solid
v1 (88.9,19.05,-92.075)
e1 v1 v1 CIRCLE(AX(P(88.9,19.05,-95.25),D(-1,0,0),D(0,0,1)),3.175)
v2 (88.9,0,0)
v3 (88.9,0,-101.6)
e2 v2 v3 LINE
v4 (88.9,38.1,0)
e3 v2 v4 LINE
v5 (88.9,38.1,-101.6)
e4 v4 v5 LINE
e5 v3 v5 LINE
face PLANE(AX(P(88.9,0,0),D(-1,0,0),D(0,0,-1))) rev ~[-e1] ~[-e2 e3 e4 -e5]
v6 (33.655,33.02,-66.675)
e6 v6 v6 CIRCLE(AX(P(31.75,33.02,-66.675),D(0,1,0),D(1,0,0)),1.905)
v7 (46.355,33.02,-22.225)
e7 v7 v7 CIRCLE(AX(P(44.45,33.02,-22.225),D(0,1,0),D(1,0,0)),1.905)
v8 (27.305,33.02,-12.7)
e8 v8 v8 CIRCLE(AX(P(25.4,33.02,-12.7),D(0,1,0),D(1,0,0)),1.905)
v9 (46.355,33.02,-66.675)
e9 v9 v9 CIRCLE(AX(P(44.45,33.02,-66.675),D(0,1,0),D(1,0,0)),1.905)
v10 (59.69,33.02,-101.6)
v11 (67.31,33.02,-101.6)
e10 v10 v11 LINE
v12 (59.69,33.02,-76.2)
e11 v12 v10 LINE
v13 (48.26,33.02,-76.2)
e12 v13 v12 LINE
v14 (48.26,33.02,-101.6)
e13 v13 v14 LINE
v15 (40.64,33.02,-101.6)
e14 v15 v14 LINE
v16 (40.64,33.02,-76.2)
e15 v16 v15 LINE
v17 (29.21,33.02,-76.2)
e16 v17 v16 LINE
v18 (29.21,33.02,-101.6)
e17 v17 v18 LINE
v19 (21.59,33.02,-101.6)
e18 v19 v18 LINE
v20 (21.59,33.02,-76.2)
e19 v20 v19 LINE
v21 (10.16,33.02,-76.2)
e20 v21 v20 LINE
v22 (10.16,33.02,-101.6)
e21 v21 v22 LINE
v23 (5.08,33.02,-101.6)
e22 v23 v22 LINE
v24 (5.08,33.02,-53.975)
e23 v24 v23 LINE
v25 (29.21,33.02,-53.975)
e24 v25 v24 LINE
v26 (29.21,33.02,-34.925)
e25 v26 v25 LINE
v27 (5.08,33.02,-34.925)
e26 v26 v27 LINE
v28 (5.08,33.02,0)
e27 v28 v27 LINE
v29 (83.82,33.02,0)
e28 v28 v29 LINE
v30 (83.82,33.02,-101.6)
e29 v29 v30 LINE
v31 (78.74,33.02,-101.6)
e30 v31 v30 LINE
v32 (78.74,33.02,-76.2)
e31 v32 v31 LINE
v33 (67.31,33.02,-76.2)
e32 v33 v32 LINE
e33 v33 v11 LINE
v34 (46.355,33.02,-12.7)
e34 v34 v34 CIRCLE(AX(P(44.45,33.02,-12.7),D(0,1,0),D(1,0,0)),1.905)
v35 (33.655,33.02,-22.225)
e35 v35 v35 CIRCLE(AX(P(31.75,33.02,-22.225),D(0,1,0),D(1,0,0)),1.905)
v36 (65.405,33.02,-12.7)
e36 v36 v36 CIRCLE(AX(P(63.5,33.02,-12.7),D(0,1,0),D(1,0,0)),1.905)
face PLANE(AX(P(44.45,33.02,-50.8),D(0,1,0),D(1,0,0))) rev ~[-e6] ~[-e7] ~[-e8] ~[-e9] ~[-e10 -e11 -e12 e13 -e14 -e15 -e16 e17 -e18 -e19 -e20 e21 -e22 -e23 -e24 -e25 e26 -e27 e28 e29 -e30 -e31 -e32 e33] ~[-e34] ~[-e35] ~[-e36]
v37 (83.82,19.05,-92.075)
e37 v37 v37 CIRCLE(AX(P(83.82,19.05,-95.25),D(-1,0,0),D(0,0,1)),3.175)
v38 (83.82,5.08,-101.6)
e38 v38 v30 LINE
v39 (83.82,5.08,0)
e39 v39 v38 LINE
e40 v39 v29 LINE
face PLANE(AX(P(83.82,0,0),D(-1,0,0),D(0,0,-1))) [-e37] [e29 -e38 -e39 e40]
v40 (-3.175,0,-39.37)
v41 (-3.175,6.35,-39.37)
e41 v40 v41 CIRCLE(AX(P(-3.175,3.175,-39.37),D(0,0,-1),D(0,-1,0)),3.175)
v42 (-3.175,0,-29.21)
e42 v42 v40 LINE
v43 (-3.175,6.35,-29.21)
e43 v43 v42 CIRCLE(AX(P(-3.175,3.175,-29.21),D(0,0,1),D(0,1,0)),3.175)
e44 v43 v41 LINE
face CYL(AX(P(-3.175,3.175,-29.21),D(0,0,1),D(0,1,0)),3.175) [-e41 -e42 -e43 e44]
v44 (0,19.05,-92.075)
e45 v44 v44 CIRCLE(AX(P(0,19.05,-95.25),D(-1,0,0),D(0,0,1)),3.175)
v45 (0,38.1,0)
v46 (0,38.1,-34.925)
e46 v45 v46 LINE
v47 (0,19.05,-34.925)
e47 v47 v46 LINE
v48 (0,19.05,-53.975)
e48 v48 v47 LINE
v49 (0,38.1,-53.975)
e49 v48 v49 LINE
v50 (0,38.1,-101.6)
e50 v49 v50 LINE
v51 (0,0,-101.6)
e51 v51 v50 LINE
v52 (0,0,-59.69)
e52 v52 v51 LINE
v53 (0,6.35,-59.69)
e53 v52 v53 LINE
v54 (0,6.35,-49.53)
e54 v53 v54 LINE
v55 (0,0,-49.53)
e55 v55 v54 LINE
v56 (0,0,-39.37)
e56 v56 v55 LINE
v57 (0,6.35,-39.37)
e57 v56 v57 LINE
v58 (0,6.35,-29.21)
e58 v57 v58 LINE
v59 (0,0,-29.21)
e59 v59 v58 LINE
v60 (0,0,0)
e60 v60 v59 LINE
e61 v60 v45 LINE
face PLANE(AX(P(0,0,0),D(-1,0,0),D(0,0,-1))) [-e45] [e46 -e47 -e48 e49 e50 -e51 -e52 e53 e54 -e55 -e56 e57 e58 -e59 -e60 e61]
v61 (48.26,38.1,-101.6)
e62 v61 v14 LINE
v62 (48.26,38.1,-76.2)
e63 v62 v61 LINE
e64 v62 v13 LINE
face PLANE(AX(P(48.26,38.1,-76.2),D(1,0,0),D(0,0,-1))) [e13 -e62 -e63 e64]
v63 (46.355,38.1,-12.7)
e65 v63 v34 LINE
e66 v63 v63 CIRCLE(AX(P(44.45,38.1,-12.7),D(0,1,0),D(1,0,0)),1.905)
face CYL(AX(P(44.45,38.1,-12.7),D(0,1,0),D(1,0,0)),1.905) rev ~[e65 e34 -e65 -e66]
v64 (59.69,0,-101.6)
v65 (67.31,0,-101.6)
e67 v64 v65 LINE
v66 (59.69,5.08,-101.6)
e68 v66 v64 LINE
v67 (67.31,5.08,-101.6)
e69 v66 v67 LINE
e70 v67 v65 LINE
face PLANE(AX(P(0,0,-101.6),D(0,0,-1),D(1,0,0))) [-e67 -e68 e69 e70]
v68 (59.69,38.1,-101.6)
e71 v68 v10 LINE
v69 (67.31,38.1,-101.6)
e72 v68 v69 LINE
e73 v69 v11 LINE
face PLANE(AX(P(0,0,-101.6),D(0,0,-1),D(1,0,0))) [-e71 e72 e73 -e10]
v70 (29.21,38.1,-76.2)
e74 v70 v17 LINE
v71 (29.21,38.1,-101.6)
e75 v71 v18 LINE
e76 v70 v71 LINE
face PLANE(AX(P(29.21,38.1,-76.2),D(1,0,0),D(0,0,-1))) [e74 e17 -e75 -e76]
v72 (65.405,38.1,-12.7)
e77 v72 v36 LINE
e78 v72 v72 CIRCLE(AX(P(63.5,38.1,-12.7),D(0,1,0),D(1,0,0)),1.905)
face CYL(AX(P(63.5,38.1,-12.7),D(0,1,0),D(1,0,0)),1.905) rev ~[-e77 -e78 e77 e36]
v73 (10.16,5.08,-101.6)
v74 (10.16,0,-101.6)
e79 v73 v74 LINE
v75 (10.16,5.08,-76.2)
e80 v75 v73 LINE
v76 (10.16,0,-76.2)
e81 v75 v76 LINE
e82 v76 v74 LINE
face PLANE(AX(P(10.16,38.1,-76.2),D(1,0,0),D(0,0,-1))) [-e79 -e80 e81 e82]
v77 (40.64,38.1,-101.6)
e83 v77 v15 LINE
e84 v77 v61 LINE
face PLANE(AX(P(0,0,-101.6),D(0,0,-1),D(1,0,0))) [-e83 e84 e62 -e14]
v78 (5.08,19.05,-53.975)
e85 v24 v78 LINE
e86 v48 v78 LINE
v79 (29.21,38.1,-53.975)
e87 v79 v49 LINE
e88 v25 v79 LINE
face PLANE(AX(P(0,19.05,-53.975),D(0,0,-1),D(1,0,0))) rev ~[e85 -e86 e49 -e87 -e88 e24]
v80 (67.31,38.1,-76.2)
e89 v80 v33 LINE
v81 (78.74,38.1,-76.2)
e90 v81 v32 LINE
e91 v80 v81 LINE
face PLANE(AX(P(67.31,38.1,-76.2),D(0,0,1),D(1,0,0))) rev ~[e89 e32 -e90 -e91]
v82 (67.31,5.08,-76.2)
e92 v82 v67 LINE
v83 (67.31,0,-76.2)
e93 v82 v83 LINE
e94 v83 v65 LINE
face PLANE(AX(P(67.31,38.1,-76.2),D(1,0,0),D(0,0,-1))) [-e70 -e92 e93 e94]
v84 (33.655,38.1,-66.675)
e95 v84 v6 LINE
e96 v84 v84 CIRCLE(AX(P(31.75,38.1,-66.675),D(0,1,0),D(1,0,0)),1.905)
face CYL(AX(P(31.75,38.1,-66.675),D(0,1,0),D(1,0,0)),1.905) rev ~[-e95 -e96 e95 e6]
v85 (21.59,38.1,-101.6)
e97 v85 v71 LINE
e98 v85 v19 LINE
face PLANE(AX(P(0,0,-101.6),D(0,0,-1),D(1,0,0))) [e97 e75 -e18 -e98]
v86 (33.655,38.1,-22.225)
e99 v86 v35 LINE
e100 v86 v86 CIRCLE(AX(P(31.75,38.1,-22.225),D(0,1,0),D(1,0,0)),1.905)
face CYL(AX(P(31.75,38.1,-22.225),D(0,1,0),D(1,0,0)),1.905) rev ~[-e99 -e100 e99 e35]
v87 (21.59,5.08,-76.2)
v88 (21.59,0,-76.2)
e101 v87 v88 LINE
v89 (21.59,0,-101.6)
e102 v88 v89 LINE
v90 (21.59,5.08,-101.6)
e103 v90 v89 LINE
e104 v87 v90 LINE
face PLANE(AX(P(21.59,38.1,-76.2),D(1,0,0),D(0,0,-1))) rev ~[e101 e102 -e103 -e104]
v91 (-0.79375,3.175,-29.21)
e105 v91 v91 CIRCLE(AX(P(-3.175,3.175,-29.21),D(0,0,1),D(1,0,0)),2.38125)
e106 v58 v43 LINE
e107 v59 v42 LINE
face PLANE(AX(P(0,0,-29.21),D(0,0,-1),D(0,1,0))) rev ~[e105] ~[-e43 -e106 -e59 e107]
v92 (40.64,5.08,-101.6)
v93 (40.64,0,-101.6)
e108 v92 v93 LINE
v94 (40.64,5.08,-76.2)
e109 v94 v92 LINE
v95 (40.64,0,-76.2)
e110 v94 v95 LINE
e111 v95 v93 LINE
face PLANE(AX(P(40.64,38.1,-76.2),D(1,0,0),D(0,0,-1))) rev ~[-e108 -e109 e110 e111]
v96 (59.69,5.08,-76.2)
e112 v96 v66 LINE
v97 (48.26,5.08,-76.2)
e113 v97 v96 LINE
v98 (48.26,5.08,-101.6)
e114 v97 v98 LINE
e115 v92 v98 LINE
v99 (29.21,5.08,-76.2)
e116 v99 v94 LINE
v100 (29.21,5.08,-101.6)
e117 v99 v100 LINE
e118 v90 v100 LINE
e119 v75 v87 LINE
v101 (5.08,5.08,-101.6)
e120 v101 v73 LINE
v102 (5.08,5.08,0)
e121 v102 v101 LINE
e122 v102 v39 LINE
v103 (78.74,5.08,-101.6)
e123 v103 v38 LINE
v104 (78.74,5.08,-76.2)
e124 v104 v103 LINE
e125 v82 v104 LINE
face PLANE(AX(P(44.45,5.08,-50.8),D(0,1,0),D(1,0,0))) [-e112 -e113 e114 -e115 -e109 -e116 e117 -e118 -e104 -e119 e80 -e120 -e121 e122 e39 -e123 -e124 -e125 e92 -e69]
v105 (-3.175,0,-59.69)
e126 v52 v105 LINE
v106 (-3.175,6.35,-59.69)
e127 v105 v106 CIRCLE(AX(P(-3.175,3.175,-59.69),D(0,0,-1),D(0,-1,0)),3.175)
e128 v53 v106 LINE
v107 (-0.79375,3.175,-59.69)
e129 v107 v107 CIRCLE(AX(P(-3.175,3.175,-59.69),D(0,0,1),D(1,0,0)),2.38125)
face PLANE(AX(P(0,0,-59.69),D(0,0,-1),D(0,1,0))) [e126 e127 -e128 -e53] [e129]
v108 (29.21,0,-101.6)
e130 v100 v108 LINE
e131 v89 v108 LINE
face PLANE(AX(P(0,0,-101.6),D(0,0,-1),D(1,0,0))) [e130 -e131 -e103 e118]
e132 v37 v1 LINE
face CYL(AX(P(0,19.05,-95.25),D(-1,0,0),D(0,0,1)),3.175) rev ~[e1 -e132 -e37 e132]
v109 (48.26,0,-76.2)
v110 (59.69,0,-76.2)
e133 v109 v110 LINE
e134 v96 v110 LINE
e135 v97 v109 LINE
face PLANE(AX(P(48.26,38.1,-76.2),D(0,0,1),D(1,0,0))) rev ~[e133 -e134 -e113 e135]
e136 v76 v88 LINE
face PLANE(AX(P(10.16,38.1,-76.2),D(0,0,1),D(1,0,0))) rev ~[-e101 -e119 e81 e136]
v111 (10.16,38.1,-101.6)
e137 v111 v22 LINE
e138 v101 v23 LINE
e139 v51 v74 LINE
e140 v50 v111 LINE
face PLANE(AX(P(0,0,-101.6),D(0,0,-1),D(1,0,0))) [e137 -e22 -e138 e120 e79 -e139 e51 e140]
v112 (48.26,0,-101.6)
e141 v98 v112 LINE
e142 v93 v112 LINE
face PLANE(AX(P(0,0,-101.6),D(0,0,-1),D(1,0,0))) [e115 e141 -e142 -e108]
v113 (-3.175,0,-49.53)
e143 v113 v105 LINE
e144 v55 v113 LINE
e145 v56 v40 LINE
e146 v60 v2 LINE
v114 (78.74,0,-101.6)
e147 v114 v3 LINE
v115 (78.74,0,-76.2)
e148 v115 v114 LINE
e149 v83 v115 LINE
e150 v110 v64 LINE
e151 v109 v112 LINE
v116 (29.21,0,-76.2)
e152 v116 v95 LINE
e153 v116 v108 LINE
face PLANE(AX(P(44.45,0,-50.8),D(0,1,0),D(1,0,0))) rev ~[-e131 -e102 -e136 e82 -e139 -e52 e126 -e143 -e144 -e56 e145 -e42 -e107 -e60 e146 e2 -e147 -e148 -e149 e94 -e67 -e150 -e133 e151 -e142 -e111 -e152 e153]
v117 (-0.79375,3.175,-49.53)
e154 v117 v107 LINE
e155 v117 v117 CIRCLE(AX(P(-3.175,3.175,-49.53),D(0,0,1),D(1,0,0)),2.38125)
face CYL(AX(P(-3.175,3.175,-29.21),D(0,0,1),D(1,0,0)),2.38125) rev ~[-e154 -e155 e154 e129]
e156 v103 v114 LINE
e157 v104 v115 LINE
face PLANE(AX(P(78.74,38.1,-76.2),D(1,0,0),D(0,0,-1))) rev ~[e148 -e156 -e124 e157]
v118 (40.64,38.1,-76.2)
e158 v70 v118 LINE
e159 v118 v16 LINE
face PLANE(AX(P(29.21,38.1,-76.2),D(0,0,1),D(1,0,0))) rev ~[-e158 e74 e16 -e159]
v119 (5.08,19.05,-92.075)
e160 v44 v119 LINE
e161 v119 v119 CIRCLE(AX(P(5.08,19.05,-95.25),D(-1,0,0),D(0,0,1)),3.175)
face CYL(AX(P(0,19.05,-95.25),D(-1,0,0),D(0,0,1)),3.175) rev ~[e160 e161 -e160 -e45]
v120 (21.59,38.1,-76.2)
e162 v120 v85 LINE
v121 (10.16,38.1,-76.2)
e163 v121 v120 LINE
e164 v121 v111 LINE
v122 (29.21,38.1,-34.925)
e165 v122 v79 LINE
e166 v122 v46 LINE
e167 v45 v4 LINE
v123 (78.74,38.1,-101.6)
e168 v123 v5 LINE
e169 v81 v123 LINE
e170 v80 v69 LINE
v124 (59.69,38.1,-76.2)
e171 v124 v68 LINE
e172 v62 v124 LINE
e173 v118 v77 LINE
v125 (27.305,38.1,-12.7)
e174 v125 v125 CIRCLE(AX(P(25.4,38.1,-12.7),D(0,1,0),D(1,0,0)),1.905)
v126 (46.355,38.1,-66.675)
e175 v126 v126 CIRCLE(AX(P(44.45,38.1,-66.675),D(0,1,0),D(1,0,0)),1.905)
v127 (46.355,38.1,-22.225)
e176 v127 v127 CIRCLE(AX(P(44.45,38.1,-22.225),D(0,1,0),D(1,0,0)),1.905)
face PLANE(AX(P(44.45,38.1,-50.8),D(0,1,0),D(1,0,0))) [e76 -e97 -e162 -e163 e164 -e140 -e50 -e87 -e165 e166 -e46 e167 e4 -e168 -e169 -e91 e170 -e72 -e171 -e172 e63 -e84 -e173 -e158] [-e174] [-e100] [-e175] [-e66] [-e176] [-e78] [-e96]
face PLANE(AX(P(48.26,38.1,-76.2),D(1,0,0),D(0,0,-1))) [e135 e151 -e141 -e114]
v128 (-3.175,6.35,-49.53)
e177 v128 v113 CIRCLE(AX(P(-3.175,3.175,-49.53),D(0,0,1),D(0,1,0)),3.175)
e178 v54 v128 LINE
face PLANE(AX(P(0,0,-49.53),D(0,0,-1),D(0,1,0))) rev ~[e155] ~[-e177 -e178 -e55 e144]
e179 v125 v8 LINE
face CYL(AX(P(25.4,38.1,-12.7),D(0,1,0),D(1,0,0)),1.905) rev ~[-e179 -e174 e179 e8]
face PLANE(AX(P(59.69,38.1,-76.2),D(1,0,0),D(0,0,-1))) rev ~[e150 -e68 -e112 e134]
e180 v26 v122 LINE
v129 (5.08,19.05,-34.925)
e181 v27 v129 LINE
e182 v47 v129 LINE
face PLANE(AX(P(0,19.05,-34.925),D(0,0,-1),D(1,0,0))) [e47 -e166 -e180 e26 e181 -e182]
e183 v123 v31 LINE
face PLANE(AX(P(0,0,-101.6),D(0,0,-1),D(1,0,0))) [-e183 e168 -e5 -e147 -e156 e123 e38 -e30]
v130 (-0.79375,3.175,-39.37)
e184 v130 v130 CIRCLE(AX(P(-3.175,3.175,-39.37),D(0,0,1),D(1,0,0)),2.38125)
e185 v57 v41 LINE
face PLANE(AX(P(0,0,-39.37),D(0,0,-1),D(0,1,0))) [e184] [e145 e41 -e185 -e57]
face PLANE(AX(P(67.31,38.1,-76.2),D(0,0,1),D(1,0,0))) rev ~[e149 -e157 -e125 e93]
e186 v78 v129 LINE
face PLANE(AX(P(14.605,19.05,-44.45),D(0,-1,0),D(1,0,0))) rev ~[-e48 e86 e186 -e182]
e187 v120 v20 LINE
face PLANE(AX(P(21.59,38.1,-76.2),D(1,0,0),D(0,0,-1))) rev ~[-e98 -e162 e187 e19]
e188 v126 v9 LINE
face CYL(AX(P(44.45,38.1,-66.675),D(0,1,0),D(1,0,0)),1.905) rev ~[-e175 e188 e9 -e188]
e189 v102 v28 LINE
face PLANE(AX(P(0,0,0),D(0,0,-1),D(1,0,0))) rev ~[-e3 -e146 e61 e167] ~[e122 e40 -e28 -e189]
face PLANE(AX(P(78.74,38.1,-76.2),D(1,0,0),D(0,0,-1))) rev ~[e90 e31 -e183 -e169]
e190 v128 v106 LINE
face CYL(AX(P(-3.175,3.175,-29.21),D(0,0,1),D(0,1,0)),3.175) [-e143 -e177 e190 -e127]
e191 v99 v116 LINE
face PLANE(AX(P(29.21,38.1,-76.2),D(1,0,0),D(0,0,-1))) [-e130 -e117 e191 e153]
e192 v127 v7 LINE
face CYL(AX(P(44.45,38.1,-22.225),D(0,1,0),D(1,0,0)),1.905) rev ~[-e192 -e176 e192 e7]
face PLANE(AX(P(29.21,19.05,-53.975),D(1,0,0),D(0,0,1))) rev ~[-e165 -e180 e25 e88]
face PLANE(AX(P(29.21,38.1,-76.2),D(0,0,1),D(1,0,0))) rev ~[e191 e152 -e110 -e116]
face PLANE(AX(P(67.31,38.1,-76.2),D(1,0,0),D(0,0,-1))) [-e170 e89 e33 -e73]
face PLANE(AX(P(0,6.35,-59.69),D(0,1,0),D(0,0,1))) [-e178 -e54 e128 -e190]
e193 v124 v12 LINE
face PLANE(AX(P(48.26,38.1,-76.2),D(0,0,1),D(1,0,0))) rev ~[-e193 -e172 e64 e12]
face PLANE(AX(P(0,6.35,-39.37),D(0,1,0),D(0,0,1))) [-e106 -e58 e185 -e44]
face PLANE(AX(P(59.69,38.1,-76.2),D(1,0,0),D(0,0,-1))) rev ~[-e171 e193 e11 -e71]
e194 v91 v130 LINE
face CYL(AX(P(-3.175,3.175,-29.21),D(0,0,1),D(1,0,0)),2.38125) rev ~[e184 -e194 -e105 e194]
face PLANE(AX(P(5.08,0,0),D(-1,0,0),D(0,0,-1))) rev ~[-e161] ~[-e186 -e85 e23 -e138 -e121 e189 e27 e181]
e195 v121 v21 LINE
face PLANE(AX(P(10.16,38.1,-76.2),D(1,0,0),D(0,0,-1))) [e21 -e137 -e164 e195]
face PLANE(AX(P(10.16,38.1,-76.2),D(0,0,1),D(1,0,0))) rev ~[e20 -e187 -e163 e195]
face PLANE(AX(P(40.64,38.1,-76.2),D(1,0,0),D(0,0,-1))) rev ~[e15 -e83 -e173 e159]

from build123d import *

# Parameters (mm, degrees)
SKETCH1_W               = 88.9
SKETCH1_H               = 101.6
BOSS_EXTRUDE1_DEPTH     = 38.1
SHELL1_T                = -5.08
CUT_EXTRUDE3_START      = -19.05
SKETCH4_W               = 29.21
SKETCH4_H               = 19.05
CUT_EXTRUDE3_DEPTH      = 20.05
SKETCH5_W               = 11.43
SKETCH5_H               = 25.4
CUT_EXTRUDE4_DEPTH      = 39.1
SKETCH6_R               = 3.175
CUT_EXTRUDE5_DEPTH      = 4.2672
CUT_EXTRUDE5_DEPTH_BACK = 89.9
CUT_EXTRUDE6_REACH      = 40.1
SKETCH7_R               = 1.905
SKETCH9_W               = 10.16
SKETCH9_H               = 6.35
BOSS_EXTRUDE2_DEPTH     = 6.35
SKETCH10_R              = 2.38125
CUT_EXTRUDE7_DEPTH      = 30.48


with BuildPart() as part:
    # Sketch1 → Boss-Extrude1 (new body)
    with BuildSketch(Plane(origin=(0, 0, 0), x_dir=(1, 0, 0), z_dir=(0, 1, 0))):
        with Locations((44.45, 50.8)):
            Rectangle(SKETCH1_W, SKETCH1_H)
    extrude(amount=BOSS_EXTRUDE1_DEPTH)

    # Shell1
    shell1_openings = [part.faces().sort_by_distance(p)[0] for p in [
        (44.45, 19.05, 0),
        (44.45, 19.05, -101.6),
    ]]
    offset(amount=SHELL1_T, openings=shell1_openings, kind=Kind.INTERSECTION)

    # Sketch4 → Cut-Extrude3 (cut, through all)
    with BuildSketch(Plane.XZ.offset(CUT_EXTRUDE3_START)):
        with Locations((14.605, -44.45)):
            Rectangle(SKETCH4_W, SKETCH4_H)
    extrude(amount=-CUT_EXTRUDE3_DEPTH, mode=Mode.SUBTRACT)

    # Sketch5 → Cut-Extrude4 (cut, through all)
    with BuildSketch(Plane(origin=(0, 38.1, 0), x_dir=(1, 0, 0), z_dir=(0, 1, 0))):
        with Locations((15.875, 88.9)):
            Rectangle(SKETCH5_W, SKETCH5_H)
        with Locations((34.925, 88.9)):
            Rectangle(SKETCH5_W, SKETCH5_H)
        with Locations((53.975, 88.9)):
            Rectangle(SKETCH5_W, SKETCH5_H)
        with Locations((73.025, 88.9)):
            Rectangle(SKETCH5_W, SKETCH5_H)
    extrude(amount=-CUT_EXTRUDE4_DEPTH, mode=Mode.SUBTRACT)

    # Sketch6 → Cut-Extrude5 (cut, two sides)
    with BuildSketch(Plane.ZY) as cut_extrude5_sk:
        with Locations((-95.25, 19.05)):
            Circle(SKETCH6_R)
    extrude(amount=CUT_EXTRUDE5_DEPTH, mode=Mode.SUBTRACT)
    extrude(cut_extrude5_sk.sketch, amount=-CUT_EXTRUDE5_DEPTH_BACK, mode=Mode.SUBTRACT)

    # Sketch7 → Cut-Extrude6 (cut, up to next)
    with BuildSketch(Plane(origin=(0, 38.1, 0), x_dir=(1, 0, 0), z_dir=(0, 1, 0)), mode=Mode.PRIVATE) as cut_extrude6_sk1:
        with Locations((44.45, 12.7)):
            Circle(SKETCH7_R)
    cut_extrude6_tool1 = extrude(cut_extrude6_sk1.sketch, amount=-CUT_EXTRUDE6_REACH, mode=Mode.PRIVATE) & part.part
    add(cut_extrude6_tool1.solids().sort_by_distance((44.45, 38.1, -12.7))[0], mode=Mode.SUBTRACT)
    # Sketch7 → Cut-Extrude6 (cut, up to next)
    with BuildSketch(Plane(origin=(0, 38.1, 0), x_dir=(1, 0, 0), z_dir=(0, 1, 0)), mode=Mode.PRIVATE) as cut_extrude6_sk2:
        with Locations((25.4, 12.7)):
            Circle(SKETCH7_R)
    cut_extrude6_tool2 = extrude(cut_extrude6_sk2.sketch, amount=-CUT_EXTRUDE6_REACH, mode=Mode.PRIVATE) & part.part
    add(cut_extrude6_tool2.solids().sort_by_distance((25.4, 38.1, -12.7))[0], mode=Mode.SUBTRACT)
    # Sketch7 → Cut-Extrude6 (cut, up to next)
    with BuildSketch(Plane(origin=(0, 38.1, 0), x_dir=(1, 0, 0), z_dir=(0, 1, 0)), mode=Mode.PRIVATE) as cut_extrude6_sk3:
        with Locations((63.5, 12.7)):
            Circle(SKETCH7_R)
    cut_extrude6_tool3 = extrude(cut_extrude6_sk3.sketch, amount=-CUT_EXTRUDE6_REACH, mode=Mode.PRIVATE) & part.part
    add(cut_extrude6_tool3.solids().sort_by_distance((63.5, 38.1, -12.7))[0], mode=Mode.SUBTRACT)
    # Sketch7 → Cut-Extrude6 (cut, up to next)
    with BuildSketch(Plane(origin=(0, 38.1, 0), x_dir=(1, 0, 0), z_dir=(0, 1, 0)), mode=Mode.PRIVATE) as cut_extrude6_sk4:
        with Locations((31.75, 66.675)):
            Circle(SKETCH7_R)
    cut_extrude6_tool4 = extrude(cut_extrude6_sk4.sketch, amount=-CUT_EXTRUDE6_REACH, mode=Mode.PRIVATE) & part.part
    add(cut_extrude6_tool4.solids().sort_by_distance((31.75, 38.1, -66.675))[0], mode=Mode.SUBTRACT)
    # Sketch7 → Cut-Extrude6 (cut, up to next)
    with BuildSketch(Plane(origin=(0, 38.1, 0), x_dir=(1, 0, 0), z_dir=(0, 1, 0)), mode=Mode.PRIVATE) as cut_extrude6_sk5:
        with Locations((44.45, 66.675)):
            Circle(SKETCH7_R)
    cut_extrude6_tool5 = extrude(cut_extrude6_sk5.sketch, amount=-CUT_EXTRUDE6_REACH, mode=Mode.PRIVATE) & part.part
    add(cut_extrude6_tool5.solids().sort_by_distance((44.45, 38.1, -66.675))[0], mode=Mode.SUBTRACT)
    # Sketch7 → Cut-Extrude6 (cut, up to next)
    with BuildSketch(Plane(origin=(0, 38.1, 0), x_dir=(1, 0, 0), z_dir=(0, 1, 0)), mode=Mode.PRIVATE) as cut_extrude6_sk6:
        with Locations((44.45, 22.225)):
            Circle(SKETCH7_R)
    cut_extrude6_tool6 = extrude(cut_extrude6_sk6.sketch, amount=-CUT_EXTRUDE6_REACH, mode=Mode.PRIVATE) & part.part
    add(cut_extrude6_tool6.solids().sort_by_distance((44.45, 38.1, -22.225))[0], mode=Mode.SUBTRACT)
    # Sketch7 → Cut-Extrude6 (cut, up to next)
    with BuildSketch(Plane(origin=(0, 38.1, 0), x_dir=(1, 0, 0), z_dir=(0, 1, 0)), mode=Mode.PRIVATE) as cut_extrude6_sk7:
        with Locations((31.75, 22.225)):
            Circle(SKETCH7_R)
    cut_extrude6_tool7 = extrude(cut_extrude6_sk7.sketch, amount=-CUT_EXTRUDE6_REACH, mode=Mode.PRIVATE) & part.part
    add(cut_extrude6_tool7.solids().sort_by_distance((31.75, 38.1, -22.225))[0], mode=Mode.SUBTRACT)

    # Sketch9 → Boss-Extrude2 (add)
    with BuildSketch(Plane.ZY):
        with Locations((-34.29, 3.175)):
            Rectangle(SKETCH9_W, SKETCH9_H)
        with Locations((-54.61, 3.175)):
            Rectangle(SKETCH9_W, SKETCH9_H)
    extrude(amount=BOSS_EXTRUDE2_DEPTH)

    # Sketch10 → Cut-Extrude7 (cut)
    with BuildSketch(Plane.XY.offset(-29.21)):
        with Locations((-3.175, 3.175)):
            Circle(SKETCH10_R)
        with BuildLine():
            Line((-3.175, 7.665128061), (-3.175, 6.35))
            ThreePointArc((-3.175, 6.35), (-6.35, 3.175), (-3.175, 0))
            Line((-3.175, 0), (-3.175, -1.315128061))
            ThreePointArc((-3.175, -1.315128061), (-7.665128061, 3.175), (-3.175, 7.665128061))
        make_face()
    extrude(amount=-CUT_EXTRUDE7_DEPTH, mode=Mode.SUBTRACT)


solid = part.part
